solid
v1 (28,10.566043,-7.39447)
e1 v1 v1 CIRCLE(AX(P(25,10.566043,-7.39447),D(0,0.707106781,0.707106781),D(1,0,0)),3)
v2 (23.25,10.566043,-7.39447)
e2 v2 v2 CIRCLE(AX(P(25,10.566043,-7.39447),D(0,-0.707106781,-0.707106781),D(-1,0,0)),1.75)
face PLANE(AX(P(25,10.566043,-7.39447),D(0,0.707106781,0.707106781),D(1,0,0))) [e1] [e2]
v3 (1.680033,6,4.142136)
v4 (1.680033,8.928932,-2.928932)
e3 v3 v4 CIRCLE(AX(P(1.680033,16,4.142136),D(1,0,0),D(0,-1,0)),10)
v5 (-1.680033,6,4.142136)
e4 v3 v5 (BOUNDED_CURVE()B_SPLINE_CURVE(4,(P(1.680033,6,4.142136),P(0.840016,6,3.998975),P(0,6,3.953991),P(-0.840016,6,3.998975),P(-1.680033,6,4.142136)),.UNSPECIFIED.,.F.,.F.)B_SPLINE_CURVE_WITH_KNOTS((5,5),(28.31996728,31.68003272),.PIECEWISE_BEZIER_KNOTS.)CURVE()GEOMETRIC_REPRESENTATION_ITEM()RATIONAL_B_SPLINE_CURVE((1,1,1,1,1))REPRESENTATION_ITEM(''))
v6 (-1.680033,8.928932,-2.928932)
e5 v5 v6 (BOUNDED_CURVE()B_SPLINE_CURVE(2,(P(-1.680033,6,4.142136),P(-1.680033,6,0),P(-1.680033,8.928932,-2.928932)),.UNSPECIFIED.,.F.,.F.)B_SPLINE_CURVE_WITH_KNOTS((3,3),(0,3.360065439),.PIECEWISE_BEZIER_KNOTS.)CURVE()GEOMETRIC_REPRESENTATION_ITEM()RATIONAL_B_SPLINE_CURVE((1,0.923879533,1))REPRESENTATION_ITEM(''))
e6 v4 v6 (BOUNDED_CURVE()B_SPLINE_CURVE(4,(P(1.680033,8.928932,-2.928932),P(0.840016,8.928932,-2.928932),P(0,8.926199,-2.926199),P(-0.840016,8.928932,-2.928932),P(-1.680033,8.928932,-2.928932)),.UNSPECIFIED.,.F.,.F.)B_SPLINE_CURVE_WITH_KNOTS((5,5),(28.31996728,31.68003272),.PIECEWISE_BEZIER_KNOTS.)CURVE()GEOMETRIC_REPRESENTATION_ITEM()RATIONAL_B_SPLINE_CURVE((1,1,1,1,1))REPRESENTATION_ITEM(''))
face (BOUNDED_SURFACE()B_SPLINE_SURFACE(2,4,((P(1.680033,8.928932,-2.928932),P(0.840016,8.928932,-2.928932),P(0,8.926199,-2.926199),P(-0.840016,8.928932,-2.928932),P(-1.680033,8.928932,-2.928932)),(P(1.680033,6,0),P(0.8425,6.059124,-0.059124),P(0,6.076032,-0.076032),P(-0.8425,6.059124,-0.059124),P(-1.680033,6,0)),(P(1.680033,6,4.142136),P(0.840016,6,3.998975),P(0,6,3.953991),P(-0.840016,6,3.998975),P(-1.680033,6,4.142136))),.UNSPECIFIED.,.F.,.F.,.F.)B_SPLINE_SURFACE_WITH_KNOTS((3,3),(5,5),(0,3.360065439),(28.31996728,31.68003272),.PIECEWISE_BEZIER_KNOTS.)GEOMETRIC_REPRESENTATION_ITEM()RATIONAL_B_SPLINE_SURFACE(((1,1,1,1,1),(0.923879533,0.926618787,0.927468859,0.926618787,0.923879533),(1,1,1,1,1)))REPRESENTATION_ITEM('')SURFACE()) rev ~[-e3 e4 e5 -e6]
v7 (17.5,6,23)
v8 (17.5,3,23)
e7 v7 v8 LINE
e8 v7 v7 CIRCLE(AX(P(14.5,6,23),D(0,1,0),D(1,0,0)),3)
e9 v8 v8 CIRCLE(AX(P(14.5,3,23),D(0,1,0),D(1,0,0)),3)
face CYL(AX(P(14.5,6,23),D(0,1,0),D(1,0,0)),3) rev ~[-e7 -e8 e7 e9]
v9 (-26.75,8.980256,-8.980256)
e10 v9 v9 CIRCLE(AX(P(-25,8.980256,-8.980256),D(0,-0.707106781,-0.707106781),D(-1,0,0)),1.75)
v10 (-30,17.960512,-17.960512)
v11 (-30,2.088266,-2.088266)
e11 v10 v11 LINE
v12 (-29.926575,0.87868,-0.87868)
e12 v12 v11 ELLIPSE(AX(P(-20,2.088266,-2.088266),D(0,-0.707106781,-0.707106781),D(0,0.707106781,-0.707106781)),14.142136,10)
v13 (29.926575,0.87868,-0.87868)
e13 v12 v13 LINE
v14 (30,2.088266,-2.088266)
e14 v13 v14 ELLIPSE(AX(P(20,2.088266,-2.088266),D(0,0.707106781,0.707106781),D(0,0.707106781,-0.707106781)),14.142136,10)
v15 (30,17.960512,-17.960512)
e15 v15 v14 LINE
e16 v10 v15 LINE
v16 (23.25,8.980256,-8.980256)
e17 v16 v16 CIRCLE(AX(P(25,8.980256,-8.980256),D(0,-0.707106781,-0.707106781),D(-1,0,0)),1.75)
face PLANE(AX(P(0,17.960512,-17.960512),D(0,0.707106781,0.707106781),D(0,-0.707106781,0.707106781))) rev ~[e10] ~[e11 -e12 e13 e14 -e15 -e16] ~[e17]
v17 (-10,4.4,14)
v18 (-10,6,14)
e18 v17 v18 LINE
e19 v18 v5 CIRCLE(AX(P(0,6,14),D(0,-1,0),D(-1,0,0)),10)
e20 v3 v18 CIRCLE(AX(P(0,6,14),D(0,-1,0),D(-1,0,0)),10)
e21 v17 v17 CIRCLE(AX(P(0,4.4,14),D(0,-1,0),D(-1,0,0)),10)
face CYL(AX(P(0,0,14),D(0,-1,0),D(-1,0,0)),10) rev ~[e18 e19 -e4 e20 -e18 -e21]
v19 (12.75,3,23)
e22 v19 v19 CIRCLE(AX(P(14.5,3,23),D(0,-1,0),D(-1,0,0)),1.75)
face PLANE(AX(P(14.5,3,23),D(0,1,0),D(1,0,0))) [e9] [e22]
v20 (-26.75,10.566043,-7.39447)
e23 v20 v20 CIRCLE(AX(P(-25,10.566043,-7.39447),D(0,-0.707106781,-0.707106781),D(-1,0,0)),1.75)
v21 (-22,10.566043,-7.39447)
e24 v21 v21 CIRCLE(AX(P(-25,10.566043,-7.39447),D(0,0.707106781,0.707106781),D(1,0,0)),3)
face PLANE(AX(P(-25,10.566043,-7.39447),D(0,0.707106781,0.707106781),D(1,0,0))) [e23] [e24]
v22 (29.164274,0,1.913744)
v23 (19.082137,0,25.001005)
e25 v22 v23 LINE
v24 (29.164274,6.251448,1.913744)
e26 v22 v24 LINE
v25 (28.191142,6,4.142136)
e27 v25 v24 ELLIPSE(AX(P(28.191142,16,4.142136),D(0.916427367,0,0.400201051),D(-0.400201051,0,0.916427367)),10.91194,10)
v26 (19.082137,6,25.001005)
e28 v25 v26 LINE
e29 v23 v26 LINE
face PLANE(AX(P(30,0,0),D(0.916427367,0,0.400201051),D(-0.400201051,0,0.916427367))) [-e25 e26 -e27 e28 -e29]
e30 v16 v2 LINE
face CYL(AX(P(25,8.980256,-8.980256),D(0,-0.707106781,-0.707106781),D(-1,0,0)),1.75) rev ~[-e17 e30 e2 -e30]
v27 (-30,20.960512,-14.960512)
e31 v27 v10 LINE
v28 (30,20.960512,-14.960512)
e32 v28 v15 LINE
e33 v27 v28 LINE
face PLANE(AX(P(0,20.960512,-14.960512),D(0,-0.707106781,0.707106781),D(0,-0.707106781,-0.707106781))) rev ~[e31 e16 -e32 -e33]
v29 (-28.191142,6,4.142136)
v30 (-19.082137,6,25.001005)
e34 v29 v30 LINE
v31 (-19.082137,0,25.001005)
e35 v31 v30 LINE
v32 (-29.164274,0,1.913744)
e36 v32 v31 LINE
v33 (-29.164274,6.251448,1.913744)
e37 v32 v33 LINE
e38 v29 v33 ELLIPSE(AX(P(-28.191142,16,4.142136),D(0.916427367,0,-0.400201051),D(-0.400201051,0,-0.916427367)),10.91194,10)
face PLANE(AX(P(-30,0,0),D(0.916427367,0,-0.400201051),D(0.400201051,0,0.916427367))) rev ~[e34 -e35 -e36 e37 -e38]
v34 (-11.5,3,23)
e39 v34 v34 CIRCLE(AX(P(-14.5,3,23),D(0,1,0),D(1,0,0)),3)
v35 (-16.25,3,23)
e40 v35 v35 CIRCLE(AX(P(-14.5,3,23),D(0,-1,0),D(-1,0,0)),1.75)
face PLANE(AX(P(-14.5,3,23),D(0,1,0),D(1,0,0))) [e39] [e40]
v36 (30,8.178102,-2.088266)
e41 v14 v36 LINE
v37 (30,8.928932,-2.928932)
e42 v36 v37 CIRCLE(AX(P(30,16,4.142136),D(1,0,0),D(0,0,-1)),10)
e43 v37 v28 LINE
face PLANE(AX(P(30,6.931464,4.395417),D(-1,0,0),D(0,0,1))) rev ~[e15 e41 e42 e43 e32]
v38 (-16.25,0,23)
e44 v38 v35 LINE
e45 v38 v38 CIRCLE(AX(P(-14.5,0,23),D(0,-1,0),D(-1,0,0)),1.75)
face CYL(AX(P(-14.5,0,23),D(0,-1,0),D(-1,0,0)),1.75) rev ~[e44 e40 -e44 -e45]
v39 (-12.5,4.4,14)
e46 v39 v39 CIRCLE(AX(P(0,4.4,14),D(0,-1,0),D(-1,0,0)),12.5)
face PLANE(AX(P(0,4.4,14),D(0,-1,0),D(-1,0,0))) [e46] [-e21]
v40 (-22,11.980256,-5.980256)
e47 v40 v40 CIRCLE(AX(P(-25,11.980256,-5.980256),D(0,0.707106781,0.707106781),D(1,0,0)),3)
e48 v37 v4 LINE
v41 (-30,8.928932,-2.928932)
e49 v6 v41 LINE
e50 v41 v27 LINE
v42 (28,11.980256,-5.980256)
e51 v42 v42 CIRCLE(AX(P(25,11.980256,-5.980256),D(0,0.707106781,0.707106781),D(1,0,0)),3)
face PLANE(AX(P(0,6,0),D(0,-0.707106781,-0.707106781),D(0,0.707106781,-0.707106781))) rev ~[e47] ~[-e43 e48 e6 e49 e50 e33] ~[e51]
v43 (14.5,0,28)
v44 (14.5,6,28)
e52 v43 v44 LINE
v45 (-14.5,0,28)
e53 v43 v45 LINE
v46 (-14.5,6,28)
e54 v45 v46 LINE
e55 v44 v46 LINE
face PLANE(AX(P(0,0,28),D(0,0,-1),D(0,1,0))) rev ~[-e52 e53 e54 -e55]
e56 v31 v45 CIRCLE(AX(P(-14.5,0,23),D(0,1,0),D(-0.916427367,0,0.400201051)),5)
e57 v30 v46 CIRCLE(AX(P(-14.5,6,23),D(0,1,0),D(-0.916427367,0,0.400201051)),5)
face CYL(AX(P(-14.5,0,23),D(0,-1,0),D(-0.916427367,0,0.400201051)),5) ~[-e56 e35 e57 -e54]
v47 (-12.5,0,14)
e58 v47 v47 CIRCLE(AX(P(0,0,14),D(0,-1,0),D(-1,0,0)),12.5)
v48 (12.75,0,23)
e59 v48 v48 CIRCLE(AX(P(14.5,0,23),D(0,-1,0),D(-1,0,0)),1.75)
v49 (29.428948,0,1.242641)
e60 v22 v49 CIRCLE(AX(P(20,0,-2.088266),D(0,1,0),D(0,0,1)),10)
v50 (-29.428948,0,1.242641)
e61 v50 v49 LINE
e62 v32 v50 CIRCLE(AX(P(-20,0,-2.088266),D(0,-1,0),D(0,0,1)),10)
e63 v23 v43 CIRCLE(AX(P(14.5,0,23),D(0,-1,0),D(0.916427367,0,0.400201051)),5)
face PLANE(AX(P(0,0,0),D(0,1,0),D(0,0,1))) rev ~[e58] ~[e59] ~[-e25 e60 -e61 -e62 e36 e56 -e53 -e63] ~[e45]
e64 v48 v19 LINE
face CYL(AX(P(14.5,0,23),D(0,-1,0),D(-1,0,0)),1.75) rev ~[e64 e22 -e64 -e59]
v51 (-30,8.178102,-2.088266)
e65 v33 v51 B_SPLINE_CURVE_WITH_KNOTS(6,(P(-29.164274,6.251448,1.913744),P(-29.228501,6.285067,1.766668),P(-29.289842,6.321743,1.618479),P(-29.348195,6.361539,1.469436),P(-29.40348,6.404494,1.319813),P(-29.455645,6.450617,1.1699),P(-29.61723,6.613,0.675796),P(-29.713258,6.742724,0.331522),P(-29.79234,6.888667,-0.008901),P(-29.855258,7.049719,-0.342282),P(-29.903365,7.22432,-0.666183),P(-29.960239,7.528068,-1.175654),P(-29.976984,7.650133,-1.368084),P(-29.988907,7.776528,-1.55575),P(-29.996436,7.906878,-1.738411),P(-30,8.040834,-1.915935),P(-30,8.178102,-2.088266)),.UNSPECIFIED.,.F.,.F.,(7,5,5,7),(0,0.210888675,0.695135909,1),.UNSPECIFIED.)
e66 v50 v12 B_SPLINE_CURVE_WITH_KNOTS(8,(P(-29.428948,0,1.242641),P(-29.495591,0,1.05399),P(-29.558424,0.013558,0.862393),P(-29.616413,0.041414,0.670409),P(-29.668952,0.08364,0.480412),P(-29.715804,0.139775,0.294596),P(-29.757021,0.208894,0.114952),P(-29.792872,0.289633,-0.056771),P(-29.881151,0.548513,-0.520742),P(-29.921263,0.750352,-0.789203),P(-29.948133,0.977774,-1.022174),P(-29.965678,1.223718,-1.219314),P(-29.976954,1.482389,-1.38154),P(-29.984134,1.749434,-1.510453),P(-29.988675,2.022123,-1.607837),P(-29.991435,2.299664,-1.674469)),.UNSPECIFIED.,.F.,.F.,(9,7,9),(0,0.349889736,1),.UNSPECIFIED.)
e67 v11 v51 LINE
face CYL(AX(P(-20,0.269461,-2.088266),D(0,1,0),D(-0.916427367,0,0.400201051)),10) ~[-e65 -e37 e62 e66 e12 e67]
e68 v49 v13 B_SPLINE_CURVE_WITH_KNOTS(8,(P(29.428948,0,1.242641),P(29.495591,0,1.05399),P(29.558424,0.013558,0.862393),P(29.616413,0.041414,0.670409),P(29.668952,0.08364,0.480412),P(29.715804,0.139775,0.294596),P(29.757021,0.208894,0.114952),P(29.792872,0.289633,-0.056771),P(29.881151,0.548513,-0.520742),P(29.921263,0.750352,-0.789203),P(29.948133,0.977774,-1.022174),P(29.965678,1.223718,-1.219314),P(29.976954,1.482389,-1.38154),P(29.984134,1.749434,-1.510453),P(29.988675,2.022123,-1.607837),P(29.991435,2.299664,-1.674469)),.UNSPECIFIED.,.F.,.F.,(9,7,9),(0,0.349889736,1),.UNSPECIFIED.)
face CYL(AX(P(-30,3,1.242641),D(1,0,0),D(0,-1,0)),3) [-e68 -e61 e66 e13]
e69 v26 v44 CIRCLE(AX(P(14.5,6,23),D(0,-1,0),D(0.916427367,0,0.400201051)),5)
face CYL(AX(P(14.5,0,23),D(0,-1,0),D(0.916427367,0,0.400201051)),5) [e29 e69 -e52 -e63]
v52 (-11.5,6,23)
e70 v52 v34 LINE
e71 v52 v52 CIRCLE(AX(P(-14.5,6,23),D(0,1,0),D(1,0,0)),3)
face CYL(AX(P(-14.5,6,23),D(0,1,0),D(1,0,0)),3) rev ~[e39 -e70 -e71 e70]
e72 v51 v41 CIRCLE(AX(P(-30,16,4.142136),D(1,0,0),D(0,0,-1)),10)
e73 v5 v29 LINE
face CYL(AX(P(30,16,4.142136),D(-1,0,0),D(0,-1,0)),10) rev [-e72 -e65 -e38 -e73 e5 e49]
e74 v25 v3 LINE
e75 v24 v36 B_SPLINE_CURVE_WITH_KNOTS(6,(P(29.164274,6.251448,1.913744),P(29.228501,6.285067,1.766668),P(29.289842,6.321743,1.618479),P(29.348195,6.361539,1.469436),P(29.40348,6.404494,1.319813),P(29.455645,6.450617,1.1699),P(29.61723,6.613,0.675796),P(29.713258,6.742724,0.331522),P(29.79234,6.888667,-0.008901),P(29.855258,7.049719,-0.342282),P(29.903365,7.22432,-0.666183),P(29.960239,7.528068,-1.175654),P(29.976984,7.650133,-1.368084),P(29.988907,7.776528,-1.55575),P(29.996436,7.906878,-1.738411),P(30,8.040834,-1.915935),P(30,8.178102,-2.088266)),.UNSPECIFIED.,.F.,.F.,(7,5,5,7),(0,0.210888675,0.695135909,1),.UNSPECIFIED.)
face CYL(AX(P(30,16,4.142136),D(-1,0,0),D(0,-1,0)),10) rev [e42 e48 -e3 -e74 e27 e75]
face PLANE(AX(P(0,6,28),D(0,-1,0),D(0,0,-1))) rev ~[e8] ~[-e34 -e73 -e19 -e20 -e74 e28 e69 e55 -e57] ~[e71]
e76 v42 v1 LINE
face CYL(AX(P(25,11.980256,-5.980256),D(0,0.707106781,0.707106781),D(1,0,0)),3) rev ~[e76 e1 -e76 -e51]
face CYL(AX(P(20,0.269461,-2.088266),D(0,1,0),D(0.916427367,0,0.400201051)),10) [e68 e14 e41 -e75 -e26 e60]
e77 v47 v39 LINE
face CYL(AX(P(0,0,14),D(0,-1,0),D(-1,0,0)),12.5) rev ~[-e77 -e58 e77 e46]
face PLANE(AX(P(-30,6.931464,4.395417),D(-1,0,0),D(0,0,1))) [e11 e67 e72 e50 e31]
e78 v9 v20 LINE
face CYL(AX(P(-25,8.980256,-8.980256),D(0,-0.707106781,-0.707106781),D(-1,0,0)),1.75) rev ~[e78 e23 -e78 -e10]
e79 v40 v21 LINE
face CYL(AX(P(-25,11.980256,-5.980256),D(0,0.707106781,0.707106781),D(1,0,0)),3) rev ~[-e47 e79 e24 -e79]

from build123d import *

# Parameters (mm, degrees)
SALIENTE_EXTRUIR1_DEPTH      = 30
SALIENTE_EXTRUIR1_DEPTH_BACK = 30
CROQUIS3_R                   = 1.75
CORTAR_EXTRUIR1_DEPTH        = 4.242641
CROQUIS4_R                   = 3
CORTAR_EXTRUIR2_DEPTH        = 2
CROQUIS5_R                   = 10
CROQUIS5_R_2                 = 1.75
CORTAR_EXTRUIR3_DEPTH        = 6
CROQUIS5_4_R                 = 12.5
CROQUIS5_4_R_2               = 10
CORTAR_EXTRUIR4_DEPTH        = 4.4
REDONDEO1_R                  = 10
REDONDEO2_R                  = 3
REDONDEO3_R                  = 10
CROQUIS6_R                   = 3
CORTAR_EXTRUIR5_DEPTH        = 3


with BuildPart() as part:
    # Croquis2 → Saliente-Extruir1 (new body, two sides)
    with BuildSketch(Plane(origin=(0, 0, 0), x_dir=(0, 0, -1), z_dir=(1, 0, 0))) as saliente_extruir1_sk:
        Polygon((0, 0), (-28, 0), (-28, 6), (0, 6), (14.960512242, 20.960512242), (17.960512242, 17.960512242), align=None)
    extrude(amount=SALIENTE_EXTRUIR1_DEPTH)
    extrude(saliente_extruir1_sk.sketch, amount=-SALIENTE_EXTRUIR1_DEPTH_BACK)

    # Croquis3 → Cortar-Extruir1 (cut)
    with BuildSketch(Plane(origin=(0, 0, 0), x_dir=(-1, 0, 0), z_dir=(0, -0.707106781, -0.707106781))):
        with Locations((-25, 12.7)):
            Circle(CROQUIS3_R)
        with Locations((25, 12.7)):
            Circle(CROQUIS3_R)
    extrude(amount=-CORTAR_EXTRUIR1_DEPTH, mode=Mode.SUBTRACT)

    # Croquis4 → Cortar-Extruir2 (cut)
    with BuildSketch(Plane(origin=(0, 3, 3), x_dir=(1, 0, 0), z_dir=(0, 0.707106781, 0.707106781))):
        with Locations((-25, 12.7)):
            Circle(CROQUIS4_R)
        with Locations((25, 12.7)):
            Circle(CROQUIS4_R)
    extrude(amount=-CORTAR_EXTRUIR2_DEPTH, mode=Mode.SUBTRACT)

    # Croquis5 → Cortar-Extruir3 (cut)
    with BuildSketch(Plane(origin=(0, 0, 0), x_dir=(-1, 0, 0), z_dir=(0, -1, 0))):
        with Locations((0, -14)):
            Circle(CROQUIS5_R)
        with Locations((14.5, -23)):
            Circle(CROQUIS5_R_2)
        with Locations((-14.5, -23)):
            Circle(CROQUIS5_R_2)
        with BuildLine():
            ThreePointArc((-19.082136833, -25.001005257), (-17.238153914, -27.1836005), (-14.5, -28))
            Line((-14.5, -28), (-30, -28))
            Line((-30, -28), (-30, 0))
            Line((-30, 0), (-19.082136833, -25.001005257))
        make_face()
        with BuildLine():
            Line((30, 0), (19.082136833, -25.001005257))
            ThreePointArc((19.082136833, -25.001005257), (17.238153914, -27.1836005), (14.5, -28))
            Line((14.5, -28), (30, -28))
            Line((30, -28), (30, 0))
        make_face()
    extrude(amount=-CORTAR_EXTRUIR3_DEPTH, mode=Mode.SUBTRACT)

    # Croquis5<4> → Cortar-Extruir4 (cut)
    with BuildSketch(Plane(origin=(0, 0, 0), x_dir=(-1, 0, 0), z_dir=(0, -1, 0))):
        with Locations((0, -14)):
            Circle(CROQUIS5_4_R)
        with Locations((0, -14)):
            Circle(CROQUIS5_4_R_2, mode=Mode.SUBTRACT)
    extrude(amount=-CORTAR_EXTRUIR4_DEPTH, mode=Mode.SUBTRACT)

    # Redondeo1
    redondeo1_edges = [part.edges().sort_by_distance(p)[0] for p in [
        (0, 6, 0),
    ]]
    fillet(redondeo1_edges, radius=REDONDEO1_R)

    # Redondeo2
    redondeo2_edges = [part.edges().sort_by_distance(p)[0] for p in [
        (0, 0, 0),
    ]]
    fillet(redondeo2_edges, radius=REDONDEO2_R)

    # Redondeo3
    redondeo3_edges = [part.edges().sort_by_distance(p)[0] for p in [
        (-30, 3.583831813, 0),
        (30, 3.583831813, 0),
    ]]
    fillet(redondeo3_edges, radius=REDONDEO3_R)

    # Croquis6 → Cortar-Extruir5 (cut)
    with BuildSketch(Plane(origin=(0, 6, 0), x_dir=(1, 0, 0), z_dir=(0, 1, 0))):
        with Locations((14.5, -23)):
            Circle(CROQUIS6_R)
        with Locations((-14.5, -23)):
            Circle(CROQUIS6_R)
    extrude(amount=-CORTAR_EXTRUIR5_DEPTH, mode=Mode.SUBTRACT)


solid = part.part
